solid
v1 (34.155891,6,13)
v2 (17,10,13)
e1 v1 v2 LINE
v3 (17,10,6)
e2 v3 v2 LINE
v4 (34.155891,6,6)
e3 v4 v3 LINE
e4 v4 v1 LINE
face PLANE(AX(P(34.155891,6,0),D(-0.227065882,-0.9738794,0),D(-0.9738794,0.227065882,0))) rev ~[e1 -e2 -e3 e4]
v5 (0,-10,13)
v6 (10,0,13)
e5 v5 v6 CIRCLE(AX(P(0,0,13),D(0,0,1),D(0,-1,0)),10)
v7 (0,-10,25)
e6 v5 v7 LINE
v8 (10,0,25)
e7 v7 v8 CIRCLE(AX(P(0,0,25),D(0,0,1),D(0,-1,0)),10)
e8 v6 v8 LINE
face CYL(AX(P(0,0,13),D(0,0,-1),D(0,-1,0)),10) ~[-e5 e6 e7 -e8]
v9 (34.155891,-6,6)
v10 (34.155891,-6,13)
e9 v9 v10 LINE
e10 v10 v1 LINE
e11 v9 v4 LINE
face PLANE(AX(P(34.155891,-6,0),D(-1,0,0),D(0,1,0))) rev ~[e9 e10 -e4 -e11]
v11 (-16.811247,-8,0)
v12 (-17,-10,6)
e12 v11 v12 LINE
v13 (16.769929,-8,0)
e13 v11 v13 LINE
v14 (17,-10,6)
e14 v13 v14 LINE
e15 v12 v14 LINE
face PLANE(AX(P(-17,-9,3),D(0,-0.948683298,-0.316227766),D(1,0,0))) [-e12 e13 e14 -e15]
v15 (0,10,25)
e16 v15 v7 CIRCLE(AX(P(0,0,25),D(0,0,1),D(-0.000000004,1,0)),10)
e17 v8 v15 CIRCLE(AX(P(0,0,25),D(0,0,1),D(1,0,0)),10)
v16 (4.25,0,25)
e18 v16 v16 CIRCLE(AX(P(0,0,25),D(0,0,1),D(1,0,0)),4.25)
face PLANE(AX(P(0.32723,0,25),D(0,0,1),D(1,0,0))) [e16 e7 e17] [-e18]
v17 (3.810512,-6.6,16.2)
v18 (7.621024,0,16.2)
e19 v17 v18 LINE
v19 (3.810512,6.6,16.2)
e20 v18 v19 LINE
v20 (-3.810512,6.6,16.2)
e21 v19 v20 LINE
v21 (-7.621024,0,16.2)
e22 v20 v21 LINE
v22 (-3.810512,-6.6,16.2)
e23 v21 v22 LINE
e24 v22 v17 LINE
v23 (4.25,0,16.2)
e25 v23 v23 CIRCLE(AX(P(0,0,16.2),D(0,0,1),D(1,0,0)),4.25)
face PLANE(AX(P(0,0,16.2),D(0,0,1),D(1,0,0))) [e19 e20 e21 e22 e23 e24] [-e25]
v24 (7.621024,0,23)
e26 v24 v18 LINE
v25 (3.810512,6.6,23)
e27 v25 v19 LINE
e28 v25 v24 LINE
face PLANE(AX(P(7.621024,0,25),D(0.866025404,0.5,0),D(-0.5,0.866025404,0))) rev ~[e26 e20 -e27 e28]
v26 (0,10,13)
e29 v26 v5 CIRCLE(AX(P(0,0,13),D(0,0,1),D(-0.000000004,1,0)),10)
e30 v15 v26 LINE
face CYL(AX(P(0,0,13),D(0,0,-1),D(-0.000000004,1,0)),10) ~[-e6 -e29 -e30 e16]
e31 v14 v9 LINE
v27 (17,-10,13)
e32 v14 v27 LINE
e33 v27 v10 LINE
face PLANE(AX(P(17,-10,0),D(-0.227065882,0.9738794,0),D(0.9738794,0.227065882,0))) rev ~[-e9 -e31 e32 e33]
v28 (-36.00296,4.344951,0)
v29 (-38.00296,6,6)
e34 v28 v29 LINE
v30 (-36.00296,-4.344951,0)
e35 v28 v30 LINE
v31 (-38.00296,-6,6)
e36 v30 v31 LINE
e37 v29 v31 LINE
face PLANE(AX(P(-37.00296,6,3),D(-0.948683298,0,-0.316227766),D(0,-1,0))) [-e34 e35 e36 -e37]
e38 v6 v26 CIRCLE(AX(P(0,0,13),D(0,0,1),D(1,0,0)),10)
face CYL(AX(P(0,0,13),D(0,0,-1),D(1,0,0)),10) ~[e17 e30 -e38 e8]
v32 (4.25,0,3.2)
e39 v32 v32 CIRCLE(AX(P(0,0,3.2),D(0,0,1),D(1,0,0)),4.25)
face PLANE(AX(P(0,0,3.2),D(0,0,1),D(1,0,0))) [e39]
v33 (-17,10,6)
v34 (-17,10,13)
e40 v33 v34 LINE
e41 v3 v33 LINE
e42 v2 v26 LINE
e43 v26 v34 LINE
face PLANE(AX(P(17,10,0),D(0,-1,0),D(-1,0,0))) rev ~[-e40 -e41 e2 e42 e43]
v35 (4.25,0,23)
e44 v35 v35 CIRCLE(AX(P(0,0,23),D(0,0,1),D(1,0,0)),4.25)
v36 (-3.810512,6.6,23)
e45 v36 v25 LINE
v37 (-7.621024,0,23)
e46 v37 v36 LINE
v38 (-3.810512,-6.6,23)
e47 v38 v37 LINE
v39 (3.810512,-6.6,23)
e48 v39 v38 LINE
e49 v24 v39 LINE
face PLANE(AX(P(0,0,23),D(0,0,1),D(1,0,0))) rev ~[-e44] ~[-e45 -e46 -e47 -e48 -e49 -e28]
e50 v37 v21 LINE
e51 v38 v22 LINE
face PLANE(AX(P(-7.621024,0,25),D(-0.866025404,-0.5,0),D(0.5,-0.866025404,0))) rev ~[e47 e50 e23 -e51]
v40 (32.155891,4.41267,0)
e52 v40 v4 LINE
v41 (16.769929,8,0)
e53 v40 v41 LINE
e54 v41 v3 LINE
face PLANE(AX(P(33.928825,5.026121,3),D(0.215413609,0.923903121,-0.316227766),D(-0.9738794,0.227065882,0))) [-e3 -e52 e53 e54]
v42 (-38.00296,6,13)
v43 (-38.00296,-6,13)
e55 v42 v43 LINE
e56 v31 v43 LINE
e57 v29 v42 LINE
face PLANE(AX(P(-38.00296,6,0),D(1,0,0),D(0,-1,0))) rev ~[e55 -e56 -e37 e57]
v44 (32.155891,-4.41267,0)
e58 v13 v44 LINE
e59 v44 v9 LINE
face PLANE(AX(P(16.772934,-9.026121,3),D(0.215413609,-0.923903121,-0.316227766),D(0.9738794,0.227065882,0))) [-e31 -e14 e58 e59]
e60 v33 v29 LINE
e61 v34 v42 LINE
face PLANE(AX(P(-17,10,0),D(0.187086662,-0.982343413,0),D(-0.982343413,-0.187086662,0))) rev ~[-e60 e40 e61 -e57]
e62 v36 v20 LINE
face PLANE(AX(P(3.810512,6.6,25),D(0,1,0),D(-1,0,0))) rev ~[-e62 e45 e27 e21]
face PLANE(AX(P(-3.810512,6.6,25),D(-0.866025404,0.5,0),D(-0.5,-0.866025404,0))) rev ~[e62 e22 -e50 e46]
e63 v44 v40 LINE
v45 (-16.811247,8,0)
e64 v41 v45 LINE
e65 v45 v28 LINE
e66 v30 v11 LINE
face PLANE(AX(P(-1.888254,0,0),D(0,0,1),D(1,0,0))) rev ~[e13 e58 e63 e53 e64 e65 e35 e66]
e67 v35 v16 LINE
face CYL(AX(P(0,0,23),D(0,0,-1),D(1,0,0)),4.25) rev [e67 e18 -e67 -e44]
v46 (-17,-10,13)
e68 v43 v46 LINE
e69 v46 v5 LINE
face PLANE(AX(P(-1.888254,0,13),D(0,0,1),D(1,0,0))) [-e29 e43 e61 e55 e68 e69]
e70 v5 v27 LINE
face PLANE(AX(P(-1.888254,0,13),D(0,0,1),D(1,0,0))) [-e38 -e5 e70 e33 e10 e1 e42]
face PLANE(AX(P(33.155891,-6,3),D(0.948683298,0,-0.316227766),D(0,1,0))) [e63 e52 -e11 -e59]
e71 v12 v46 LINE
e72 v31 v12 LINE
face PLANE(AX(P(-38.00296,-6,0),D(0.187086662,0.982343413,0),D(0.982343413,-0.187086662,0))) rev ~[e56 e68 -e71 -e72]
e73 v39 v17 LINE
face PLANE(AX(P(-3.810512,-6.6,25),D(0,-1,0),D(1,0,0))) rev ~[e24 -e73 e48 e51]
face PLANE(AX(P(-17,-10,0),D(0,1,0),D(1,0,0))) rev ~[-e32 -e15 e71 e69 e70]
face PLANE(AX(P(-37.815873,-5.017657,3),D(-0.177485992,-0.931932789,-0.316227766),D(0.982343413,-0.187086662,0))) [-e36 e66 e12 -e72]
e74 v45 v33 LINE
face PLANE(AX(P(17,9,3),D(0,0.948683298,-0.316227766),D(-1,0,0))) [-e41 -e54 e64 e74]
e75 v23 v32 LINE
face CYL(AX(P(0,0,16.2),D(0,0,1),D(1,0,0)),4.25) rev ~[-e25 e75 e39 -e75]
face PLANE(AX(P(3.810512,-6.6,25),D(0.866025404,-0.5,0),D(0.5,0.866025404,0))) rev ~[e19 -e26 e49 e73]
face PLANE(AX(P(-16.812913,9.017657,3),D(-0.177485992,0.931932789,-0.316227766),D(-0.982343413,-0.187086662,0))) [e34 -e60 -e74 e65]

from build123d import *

# Parameters (mm, degrees)
F1_DEPTH  = 13
F3_DEPTH  = 12
F5_DEPTH  = 8.8
F6_R      = 4.25
F7_DEPTH  = 13
F9_R      = 10
F9_R_2    = 4.25
F10_DEPTH = 2
F11_SIZE2 = 6
F11_SIZE  = 2


with BuildPart() as f1:
    # F0 (on Top) → F1 (new body)
    with BuildSketch(Plane.XY):
        Polygon((-17, -10), (17, -10), (34.1558913715, -6), (34.1558913715, 6), (17, 10), (-17, 10), (-38.0029598341, 6), (-38.0029598341, -6), align=None)
    extrude(amount=F1_DEPTH)

    # F2 (on face) → F3 (join)
    with BuildSketch(Plane.XY.offset(13)):
        with BuildLine():
            ThreePointArc((0, -10), (7.0710678119, -7.0710678119), (10, 0))
            ThreePointArc((10, 0), (7.0710677987, 7.0710678251), (-3.73e-08, 10))
            ThreePointArc((-3.73e-08, 10), (-10, -1.87e-08), (0, -10))
        make_face()
    extrude(amount=F3_DEPTH)

    # F4 (on face) → F5 (cut)
    with BuildSketch(Plane.XY.offset(25)):
        Polygon((-3.8105117767, -6.6), (3.8105117767, -6.6), (7.6210235533, 0), (3.8105117767, 6.6), (-3.8105117767, 6.6), (-7.6210235533, 0), align=None)
    extrude(amount=-F5_DEPTH, mode=Mode.SUBTRACT)

    # F6 (on face) → F7 (cut)
    with BuildSketch(Plane.XY.offset(16.2)):
        Circle(F6_R)
    extrude(amount=-F7_DEPTH, mode=Mode.SUBTRACT)

    # F9 (on offset) → F10 (join)
    with BuildSketch(Plane.XY.offset(23)):
        Circle(F9_R)
        Circle(F9_R_2, mode=Mode.SUBTRACT)
    extrude(amount=F10_DEPTH)

    # F11
    f11_edges = [f1.edges().sort_by_distance(p)[0] for p in [
        (0, -10, 0),
        (-27.50148, -8, 0),
        (-38.00296, 0, 0),
        (25.577946, -8, 0),
        (34.155891, 0, 0),
        (25.577946, 8, 0),
        (0, 10, 0),
        (-27.50148, 8, 0),
    ]]
    f11_side = f1.faces().sort_by_distance((-1.644994, 0, 0))[0]
    chamfer(f11_edges, length=F11_SIZE, length2=F11_SIZE2, reference=f11_side)


solid = f1.part
